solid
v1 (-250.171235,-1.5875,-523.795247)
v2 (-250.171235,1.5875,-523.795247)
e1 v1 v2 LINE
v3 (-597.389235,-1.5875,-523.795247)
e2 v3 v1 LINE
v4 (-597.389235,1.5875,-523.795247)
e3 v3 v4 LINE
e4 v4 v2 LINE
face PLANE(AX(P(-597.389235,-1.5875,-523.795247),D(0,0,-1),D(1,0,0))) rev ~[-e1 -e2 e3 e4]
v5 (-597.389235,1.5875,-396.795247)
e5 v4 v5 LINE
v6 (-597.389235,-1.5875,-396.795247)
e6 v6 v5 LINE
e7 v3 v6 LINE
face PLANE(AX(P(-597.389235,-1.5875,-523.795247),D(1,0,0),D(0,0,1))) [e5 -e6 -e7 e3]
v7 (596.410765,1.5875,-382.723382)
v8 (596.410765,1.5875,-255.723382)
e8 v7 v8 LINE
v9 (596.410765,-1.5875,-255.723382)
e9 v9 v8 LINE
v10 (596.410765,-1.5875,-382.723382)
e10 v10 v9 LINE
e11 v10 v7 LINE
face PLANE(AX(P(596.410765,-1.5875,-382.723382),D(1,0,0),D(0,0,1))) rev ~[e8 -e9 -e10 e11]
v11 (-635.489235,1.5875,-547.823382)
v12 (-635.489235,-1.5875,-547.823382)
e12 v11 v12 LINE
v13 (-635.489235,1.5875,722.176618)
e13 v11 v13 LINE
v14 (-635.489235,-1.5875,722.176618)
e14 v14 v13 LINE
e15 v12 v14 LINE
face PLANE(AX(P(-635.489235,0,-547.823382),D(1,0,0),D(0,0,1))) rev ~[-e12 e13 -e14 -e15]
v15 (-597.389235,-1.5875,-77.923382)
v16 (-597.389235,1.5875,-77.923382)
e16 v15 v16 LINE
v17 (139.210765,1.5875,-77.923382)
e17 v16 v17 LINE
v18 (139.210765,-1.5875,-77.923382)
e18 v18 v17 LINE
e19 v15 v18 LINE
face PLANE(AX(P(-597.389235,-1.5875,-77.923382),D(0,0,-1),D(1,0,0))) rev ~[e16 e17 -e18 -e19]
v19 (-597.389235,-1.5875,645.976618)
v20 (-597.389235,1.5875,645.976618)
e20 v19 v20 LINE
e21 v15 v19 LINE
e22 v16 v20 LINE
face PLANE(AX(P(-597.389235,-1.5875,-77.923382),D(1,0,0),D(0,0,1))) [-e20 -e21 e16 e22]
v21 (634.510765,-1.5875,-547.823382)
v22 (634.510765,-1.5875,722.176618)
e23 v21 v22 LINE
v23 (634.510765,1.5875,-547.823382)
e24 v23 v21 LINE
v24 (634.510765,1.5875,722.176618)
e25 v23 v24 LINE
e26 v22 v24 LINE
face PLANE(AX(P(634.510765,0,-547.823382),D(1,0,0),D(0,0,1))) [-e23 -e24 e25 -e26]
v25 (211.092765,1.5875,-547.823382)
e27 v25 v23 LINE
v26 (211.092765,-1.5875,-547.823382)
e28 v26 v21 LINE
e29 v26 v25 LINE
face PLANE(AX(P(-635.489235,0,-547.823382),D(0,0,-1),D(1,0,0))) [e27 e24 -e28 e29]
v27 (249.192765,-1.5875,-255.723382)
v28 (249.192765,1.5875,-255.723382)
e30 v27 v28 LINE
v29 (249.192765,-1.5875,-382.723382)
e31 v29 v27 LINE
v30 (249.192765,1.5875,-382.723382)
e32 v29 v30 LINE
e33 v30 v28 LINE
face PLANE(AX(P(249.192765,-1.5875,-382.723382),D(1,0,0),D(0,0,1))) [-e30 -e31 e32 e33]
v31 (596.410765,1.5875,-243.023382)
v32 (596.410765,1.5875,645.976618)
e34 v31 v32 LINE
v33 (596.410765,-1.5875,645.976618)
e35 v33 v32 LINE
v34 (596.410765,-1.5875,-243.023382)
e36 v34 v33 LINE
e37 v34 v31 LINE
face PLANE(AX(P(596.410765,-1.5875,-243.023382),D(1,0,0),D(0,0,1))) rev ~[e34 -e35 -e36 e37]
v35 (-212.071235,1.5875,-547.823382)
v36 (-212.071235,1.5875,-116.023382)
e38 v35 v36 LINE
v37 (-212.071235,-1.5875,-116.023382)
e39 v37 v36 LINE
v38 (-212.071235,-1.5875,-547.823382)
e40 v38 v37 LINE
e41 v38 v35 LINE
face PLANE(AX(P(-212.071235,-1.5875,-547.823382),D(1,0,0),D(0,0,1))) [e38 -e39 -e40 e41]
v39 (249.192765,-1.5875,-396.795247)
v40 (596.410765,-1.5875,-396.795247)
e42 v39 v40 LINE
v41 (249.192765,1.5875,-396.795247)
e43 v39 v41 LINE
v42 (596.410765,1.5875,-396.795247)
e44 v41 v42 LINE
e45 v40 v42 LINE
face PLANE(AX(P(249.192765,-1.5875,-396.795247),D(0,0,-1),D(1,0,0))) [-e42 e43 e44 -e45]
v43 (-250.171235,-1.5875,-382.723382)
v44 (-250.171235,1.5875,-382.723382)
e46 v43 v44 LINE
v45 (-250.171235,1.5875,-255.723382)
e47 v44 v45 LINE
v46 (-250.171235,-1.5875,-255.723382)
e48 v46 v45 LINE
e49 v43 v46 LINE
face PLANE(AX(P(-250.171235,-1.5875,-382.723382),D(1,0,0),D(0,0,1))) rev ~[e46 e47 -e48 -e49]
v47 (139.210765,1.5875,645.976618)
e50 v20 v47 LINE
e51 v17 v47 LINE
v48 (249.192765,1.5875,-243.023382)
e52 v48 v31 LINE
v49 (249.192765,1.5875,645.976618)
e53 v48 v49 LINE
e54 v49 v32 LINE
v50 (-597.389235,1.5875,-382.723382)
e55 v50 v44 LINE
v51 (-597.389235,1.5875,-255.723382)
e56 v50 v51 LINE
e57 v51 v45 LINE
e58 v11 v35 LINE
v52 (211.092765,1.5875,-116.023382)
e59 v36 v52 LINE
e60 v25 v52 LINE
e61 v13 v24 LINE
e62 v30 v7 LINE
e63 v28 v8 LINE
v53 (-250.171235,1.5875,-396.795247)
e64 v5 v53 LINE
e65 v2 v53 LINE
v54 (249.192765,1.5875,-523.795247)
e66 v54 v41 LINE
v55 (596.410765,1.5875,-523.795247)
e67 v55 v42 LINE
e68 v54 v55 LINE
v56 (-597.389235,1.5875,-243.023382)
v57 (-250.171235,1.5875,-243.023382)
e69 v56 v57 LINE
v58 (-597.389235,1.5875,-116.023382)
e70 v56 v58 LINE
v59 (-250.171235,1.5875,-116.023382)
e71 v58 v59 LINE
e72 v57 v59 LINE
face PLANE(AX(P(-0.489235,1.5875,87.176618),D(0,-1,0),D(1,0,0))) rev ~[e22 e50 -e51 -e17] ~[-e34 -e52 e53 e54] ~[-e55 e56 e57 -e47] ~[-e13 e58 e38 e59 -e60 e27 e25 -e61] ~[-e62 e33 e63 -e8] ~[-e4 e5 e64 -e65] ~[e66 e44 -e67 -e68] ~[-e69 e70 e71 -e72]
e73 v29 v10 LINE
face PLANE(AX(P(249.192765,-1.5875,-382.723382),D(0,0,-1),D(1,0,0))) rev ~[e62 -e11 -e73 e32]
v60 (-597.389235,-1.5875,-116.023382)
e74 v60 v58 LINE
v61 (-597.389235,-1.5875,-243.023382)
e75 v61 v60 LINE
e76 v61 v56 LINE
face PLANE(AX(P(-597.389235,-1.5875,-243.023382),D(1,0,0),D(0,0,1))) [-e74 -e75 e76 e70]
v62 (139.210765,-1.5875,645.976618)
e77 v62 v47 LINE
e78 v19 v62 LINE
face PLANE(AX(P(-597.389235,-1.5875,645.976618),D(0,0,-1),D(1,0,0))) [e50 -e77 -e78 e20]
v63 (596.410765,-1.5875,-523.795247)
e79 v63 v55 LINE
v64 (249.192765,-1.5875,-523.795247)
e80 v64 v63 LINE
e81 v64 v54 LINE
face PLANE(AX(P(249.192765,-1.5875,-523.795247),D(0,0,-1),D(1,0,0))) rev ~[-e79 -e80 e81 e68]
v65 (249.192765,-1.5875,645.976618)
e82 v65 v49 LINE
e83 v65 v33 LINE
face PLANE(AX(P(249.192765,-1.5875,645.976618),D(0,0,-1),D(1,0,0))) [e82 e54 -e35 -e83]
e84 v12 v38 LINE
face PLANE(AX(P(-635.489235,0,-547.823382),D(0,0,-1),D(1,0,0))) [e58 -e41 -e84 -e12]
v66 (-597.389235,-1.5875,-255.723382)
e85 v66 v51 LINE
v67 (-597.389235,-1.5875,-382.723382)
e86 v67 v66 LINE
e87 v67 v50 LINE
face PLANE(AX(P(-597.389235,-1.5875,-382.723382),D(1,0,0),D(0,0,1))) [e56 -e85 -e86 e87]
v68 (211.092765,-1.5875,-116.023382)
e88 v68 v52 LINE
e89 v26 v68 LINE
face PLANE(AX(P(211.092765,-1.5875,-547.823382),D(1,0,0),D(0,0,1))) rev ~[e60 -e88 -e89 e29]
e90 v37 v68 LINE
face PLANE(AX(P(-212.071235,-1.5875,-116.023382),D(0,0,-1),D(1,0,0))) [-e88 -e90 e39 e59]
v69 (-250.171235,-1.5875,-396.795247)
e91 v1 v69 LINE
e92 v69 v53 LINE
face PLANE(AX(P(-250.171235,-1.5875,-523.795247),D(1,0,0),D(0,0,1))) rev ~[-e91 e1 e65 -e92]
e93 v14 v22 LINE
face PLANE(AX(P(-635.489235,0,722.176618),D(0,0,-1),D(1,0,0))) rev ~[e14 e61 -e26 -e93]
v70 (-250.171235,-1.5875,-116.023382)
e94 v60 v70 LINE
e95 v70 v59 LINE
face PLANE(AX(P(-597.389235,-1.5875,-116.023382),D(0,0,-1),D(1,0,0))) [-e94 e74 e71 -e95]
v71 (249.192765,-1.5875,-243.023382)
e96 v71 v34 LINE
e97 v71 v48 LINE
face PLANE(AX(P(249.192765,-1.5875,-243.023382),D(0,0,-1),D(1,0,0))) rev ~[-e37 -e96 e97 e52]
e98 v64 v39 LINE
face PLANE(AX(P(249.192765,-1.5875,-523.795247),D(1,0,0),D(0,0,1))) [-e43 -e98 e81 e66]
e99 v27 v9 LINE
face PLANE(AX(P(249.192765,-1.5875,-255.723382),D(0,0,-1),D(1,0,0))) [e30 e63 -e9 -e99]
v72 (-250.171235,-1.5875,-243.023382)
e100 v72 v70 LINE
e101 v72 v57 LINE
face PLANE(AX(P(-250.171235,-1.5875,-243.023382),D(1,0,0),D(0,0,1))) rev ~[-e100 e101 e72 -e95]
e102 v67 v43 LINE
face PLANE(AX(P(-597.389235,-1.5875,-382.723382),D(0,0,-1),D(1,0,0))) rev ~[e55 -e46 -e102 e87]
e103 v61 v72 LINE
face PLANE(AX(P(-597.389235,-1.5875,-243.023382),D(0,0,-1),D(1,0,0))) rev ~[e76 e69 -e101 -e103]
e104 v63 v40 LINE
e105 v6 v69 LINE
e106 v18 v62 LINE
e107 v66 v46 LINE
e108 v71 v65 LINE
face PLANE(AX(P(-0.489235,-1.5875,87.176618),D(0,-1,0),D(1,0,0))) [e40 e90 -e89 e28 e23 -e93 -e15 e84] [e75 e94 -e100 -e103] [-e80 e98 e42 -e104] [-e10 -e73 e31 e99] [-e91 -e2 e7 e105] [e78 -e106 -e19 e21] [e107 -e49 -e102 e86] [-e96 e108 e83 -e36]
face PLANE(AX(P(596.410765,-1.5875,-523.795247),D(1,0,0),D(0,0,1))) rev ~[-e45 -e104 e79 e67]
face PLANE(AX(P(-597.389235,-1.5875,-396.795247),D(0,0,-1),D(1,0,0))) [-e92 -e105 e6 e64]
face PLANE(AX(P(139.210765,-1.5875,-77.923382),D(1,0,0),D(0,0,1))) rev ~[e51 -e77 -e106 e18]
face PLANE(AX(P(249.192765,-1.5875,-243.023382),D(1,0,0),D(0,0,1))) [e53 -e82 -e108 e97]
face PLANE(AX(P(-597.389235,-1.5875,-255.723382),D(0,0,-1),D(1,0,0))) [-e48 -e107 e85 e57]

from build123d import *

# Parameters (mm, degrees)
F0_W      = 1270
F0_H      = 1270
F1_DEPTH  = 1.5875
F2_W      = 736.6
F2_H      = 723.9
F3_DEPTH  = 3.176
F2_W_2    = 347.218
F2_H_2    = 889
F4_DEPTH  = 3.176
F2_H_3    = 127
F5_DEPTH  = 3.176
F6_DEPTH  = 3.176
F7_DEPTH  = 3.176
F2_W_3    = 423.164
F2_H_4    = 431.8
F8_DEPTH  = 3.176
F9_DEPTH  = 3.176
F10_DEPTH = 3.176


with BuildPart() as f1:
    # F0 (on Front) → F1 (new body, symmetric)
    with BuildSketch(Plane.XZ):
        with Locations((-0.489235, 87.176618)):
            Rectangle(F0_W, F0_H)
    extrude(amount=F1_DEPTH, both=True)

    # F2 (on face) → F3 (cut, through all)
    with BuildSketch(Plane.XZ.offset(1.5875)):
        with Locations((-229.089235, 284.026618)):
            Rectangle(F2_W, F2_H)
    extrude(amount=-F3_DEPTH, mode=Mode.SUBTRACT)

    # F2 (on face) → F4 (cut, through all)
    with BuildSketch(Plane.XZ.offset(1.5875)):
        with Locations((422.801765, 201.476618)):
            Rectangle(F2_W_2, F2_H_2)
    extrude(amount=-F4_DEPTH, mode=Mode.SUBTRACT)

    # F2 (on face) → F5 (cut, through all)
    with BuildSketch(Plane.XZ.offset(1.5875)):
        with Locations((-423.780235, -179.523382)):
            Rectangle(F2_W_2, F2_H_3)
    extrude(amount=-F5_DEPTH, mode=Mode.SUBTRACT)

    # F2 (on face) → F6 (cut, through all)
    with BuildSketch(Plane.XZ.offset(1.5875)):
        with Locations((-423.780235, -319.223382)):
            Rectangle(F2_W_2, F2_H_3)
    extrude(amount=-F6_DEPTH, mode=Mode.SUBTRACT)

    # F2 (on face) → F7 (cut, through all)
    with BuildSketch(Plane.XZ.offset(1.5875)):
        with Locations((-423.780235, -460.295247)):
            Rectangle(F2_W_2, F2_H_3)
    extrude(amount=-F7_DEPTH, mode=Mode.SUBTRACT)

    # F2 (on face) → F8 (cut, through all)
    with BuildSketch(Plane.XZ.offset(1.5875)):
        with Locations((-0.489235, -331.923382)):
            Rectangle(F2_W_3, F2_H_4)
    extrude(amount=-F8_DEPTH, mode=Mode.SUBTRACT)

    # F2 (on face) → F9 (cut, through all)
    with BuildSketch(Plane.XZ.offset(1.5875)):
        with Locations((422.801765, -319.223382)):
            Rectangle(F2_W_2, F2_H_3)
    extrude(amount=-F9_DEPTH, mode=Mode.SUBTRACT)

    # F2 (on face) → F10 (cut, through all)
    with BuildSketch(Plane.XZ.offset(1.5875)):
        with Locations((422.801765, -460.295247)):
            Rectangle(F2_W_2, F2_H_3)
    extrude(amount=-F10_DEPTH, mode=Mode.SUBTRACT)


solid = f1.part
